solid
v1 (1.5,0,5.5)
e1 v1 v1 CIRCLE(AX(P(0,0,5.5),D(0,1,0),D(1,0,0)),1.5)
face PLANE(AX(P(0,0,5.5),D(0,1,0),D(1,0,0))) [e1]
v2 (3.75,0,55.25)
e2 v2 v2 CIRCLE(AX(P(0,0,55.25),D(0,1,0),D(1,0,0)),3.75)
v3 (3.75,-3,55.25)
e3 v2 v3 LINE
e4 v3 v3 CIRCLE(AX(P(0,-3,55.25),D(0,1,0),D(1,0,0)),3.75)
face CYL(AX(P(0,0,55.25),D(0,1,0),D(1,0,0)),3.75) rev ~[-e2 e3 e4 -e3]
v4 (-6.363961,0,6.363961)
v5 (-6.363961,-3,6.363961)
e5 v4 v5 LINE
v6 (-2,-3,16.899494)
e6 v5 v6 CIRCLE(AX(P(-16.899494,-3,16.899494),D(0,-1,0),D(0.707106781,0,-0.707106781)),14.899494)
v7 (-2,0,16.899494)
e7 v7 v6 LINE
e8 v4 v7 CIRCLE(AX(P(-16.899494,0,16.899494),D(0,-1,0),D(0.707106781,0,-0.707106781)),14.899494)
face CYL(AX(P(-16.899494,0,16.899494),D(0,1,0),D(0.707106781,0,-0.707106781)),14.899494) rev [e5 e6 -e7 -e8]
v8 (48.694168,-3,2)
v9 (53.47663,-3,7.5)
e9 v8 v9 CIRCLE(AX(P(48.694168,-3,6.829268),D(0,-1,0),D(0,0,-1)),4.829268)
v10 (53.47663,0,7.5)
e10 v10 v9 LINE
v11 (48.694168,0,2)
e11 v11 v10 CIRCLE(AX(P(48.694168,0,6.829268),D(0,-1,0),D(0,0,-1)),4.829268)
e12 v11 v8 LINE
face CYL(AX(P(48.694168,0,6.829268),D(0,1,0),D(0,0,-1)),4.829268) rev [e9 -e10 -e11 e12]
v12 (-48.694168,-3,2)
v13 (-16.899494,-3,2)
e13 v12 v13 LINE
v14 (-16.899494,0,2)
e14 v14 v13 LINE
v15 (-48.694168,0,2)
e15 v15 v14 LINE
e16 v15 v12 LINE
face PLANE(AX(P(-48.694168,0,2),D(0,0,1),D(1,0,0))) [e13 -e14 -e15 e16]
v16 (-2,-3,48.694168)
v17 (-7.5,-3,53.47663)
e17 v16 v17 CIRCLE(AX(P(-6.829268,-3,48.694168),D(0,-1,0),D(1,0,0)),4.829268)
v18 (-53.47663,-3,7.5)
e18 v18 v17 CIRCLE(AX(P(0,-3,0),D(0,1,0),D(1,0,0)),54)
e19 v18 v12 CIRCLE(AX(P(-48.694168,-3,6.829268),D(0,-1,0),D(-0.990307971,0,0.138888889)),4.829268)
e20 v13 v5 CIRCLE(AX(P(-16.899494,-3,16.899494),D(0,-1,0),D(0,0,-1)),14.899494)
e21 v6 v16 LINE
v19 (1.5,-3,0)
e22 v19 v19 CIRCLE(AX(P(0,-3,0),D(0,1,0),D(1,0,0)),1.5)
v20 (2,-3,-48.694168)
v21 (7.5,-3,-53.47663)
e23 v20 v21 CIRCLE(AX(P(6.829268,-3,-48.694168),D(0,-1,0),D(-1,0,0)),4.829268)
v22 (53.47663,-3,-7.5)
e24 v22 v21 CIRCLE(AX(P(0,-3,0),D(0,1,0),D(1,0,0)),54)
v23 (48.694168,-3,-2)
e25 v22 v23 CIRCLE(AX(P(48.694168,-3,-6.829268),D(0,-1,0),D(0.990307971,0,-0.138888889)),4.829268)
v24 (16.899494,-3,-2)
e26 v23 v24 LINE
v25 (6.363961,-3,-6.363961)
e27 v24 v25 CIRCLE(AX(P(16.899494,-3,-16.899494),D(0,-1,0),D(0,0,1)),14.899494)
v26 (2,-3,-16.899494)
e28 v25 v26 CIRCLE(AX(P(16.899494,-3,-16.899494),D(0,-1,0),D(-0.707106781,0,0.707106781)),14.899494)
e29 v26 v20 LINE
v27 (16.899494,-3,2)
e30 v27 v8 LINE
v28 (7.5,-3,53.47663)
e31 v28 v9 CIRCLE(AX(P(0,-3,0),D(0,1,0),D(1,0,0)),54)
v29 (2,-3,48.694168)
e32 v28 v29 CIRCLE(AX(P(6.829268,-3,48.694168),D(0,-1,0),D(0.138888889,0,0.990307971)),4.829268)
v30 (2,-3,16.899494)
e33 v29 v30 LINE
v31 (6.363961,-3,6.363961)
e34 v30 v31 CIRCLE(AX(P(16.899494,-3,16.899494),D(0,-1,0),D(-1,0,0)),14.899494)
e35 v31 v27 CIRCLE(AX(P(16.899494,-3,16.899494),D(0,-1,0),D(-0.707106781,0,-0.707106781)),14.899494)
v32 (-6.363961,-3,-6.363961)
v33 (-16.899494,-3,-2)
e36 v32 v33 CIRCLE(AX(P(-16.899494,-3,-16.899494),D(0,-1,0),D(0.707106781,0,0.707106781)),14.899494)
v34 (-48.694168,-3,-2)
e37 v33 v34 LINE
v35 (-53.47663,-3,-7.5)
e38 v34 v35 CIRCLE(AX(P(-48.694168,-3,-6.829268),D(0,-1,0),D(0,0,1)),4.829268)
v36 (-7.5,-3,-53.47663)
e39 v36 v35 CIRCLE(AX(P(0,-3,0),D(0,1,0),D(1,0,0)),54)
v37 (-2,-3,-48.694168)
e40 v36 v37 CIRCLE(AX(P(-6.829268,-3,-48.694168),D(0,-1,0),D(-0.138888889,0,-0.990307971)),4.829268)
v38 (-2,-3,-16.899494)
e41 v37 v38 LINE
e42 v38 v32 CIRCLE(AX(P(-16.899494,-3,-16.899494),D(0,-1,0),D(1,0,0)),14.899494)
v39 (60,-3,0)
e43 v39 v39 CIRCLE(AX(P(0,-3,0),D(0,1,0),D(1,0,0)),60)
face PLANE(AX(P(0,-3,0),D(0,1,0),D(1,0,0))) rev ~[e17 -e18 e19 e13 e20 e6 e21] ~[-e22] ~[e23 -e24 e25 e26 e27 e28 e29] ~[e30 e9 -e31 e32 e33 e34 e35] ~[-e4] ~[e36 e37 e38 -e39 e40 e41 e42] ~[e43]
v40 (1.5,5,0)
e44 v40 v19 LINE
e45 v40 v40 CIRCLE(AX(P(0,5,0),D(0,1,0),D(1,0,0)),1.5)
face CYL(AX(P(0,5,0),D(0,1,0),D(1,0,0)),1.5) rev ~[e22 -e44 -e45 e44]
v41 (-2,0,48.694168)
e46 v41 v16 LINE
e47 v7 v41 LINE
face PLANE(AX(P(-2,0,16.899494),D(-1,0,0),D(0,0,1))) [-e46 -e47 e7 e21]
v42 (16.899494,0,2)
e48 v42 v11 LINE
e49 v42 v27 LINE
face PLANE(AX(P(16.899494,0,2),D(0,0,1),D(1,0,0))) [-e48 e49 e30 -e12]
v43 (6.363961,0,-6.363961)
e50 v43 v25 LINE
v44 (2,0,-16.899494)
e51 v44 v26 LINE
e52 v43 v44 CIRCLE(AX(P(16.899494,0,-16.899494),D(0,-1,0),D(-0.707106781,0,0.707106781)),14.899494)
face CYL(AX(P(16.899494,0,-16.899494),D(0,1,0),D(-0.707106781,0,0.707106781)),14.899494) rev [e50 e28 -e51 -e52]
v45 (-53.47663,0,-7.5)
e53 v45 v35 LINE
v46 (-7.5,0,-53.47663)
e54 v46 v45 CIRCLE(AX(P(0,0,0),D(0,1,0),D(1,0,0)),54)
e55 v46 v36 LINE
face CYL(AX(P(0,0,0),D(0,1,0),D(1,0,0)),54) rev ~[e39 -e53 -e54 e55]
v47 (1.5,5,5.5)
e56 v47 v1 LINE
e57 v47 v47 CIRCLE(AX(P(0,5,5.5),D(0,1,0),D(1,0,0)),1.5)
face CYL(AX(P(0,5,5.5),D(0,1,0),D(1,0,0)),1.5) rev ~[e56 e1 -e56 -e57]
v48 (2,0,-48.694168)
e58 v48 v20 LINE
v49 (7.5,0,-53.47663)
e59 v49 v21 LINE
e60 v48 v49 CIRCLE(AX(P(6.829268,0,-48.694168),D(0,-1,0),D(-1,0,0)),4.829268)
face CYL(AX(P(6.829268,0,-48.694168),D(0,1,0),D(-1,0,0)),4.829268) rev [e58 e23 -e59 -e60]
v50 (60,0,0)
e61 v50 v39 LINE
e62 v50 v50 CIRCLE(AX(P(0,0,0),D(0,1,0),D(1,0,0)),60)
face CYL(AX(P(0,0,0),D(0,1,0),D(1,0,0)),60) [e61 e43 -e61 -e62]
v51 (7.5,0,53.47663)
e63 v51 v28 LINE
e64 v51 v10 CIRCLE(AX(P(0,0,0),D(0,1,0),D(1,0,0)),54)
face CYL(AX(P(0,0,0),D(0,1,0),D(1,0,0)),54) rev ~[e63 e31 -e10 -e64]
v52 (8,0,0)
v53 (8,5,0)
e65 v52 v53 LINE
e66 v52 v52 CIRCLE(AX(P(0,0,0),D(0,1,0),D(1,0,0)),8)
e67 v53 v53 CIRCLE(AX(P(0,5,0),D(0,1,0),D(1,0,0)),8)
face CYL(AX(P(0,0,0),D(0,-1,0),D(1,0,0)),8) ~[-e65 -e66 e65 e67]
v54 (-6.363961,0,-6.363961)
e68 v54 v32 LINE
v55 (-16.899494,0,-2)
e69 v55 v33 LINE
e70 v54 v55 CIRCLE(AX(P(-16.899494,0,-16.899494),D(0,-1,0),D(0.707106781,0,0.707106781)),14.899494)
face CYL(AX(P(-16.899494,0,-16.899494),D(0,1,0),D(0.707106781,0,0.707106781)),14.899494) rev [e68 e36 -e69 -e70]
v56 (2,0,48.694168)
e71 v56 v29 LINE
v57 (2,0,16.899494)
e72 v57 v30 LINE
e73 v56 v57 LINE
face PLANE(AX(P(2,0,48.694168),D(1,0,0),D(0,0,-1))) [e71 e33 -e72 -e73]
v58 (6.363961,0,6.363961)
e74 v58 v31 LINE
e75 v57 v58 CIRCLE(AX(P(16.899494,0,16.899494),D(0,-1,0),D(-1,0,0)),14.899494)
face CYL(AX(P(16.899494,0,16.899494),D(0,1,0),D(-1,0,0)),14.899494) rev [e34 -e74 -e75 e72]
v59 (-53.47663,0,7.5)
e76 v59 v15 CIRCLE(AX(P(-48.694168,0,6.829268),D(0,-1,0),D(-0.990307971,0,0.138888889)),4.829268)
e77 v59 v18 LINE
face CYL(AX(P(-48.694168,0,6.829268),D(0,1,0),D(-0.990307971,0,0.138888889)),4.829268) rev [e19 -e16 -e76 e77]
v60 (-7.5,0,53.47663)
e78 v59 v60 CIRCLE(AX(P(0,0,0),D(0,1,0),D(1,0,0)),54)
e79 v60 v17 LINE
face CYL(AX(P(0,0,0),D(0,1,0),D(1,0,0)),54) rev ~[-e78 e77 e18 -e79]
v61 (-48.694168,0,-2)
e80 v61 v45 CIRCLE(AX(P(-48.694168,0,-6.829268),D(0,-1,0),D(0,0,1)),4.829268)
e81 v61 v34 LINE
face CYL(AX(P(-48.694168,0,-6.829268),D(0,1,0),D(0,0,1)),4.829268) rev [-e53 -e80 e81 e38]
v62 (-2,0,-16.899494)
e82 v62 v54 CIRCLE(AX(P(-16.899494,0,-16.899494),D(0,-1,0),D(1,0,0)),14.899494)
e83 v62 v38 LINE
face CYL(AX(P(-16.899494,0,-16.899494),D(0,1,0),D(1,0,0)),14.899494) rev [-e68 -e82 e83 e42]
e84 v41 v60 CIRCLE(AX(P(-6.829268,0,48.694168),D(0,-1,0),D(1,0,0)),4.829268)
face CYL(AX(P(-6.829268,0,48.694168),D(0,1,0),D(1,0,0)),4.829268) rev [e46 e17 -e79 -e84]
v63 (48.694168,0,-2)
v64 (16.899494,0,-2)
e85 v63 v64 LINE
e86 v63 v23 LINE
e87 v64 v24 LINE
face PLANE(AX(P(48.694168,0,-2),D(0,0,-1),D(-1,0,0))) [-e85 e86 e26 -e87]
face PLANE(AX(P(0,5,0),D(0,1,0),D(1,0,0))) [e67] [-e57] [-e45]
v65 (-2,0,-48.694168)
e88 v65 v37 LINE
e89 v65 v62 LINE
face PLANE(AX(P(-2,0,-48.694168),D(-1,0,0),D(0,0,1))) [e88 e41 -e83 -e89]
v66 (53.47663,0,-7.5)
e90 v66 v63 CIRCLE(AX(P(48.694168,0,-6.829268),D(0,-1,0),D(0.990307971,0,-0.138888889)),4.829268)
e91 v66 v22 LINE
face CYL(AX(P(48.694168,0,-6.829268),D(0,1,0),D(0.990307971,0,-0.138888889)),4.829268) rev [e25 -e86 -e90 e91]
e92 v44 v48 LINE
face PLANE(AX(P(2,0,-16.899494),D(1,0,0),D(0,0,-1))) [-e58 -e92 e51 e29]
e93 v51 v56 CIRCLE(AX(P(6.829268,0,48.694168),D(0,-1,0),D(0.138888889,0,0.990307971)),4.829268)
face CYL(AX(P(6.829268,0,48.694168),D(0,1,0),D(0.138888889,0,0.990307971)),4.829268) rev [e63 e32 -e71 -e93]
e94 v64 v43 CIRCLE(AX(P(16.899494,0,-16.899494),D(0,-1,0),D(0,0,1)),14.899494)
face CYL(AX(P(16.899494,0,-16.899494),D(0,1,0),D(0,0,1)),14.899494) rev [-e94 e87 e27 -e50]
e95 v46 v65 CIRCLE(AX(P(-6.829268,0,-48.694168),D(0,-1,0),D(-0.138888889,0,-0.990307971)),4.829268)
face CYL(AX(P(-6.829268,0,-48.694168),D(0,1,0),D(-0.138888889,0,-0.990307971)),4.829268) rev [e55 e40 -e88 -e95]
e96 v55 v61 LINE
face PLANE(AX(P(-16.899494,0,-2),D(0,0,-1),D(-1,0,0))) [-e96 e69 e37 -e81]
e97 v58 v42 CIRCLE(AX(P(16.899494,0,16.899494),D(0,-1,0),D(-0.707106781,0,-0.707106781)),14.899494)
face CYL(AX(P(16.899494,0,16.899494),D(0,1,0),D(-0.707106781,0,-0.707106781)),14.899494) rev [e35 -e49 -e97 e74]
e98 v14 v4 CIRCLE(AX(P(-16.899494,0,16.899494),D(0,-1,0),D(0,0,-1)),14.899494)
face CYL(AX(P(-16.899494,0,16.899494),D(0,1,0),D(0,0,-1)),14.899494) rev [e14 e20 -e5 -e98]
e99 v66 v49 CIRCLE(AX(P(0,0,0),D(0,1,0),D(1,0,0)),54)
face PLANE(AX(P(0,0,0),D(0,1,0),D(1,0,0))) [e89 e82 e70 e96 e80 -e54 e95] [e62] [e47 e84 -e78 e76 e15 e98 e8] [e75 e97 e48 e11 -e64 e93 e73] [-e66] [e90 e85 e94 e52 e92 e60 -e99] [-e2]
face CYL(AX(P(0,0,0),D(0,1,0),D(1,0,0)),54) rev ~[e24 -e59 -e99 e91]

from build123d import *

# Parameters (mm, degrees)
SKETCH1_R           = 60
SKETCH1_R_2         = 54
SKETCH1_R_3         = 8
BOSS_EXTRUDE1_DEPTH = 3
SKETCH1_3_R         = 8
BOSS_EXTRUDE2_DEPTH = 5
CUT_EXTRUDE1_REACH  = 10
SKETCH2_R           = 1.5
CUT_EXTRUDE2_REACH  = 5
SKETCH3_R           = 3.75
SKETCH4_R           = 1.5
CUT_EXTRUDE3_DEPTH  = 5


with BuildPart() as part:
    # Sketch1 → Boss-Extrude1 (new body)
    with BuildSketch(Plane(origin=(0, 0, 0), x_dir=(1, 0, 0), z_dir=(0, 1, 0))):
        Circle(SKETCH1_R)
        Circle(SKETCH1_R_2, mode=Mode.SUBTRACT)
        with BuildLine():
            ThreePointArc((7.5, -53.47663041), (3.660460389, -52.338407931), (2.000000204, -48.694167705))
            Line((2.000000204, -48.694167705), (2.000000204, -16.899494443))
            ThreePointArc((2.000000204, -16.899494443), (3.134156671, -11.197704847), (6.363961031, -6.363961031))
            ThreePointArc((6.363961031, -6.363961031), (11.197704847, -3.134156671), (16.899494443, -2.000000204))
            Line((16.899494443, -2.000000204), (48.694167705, -2.000000204))
            ThreePointArc((48.694167705, -2.000000204), (52.338407931, -3.660460389), (53.47663041, -7.5))
            ThreePointArc((53.47663041, -7.5), (53.868998701, -3.759119436), (54, 0))
            ThreePointArc((54, 0), (53.868998701, 3.759119436), (53.47663041, 7.5))
            ThreePointArc((53.47663041, 7.5), (52.338407931, 3.660460389), (48.694167705, 2.000000204))
            Line((48.694167705, 2.000000204), (16.899494443, 2.000000204))
            ThreePointArc((16.899494443, 2.000000204), (11.197704847, 3.134156671), (6.363961031, 6.363961031))
            ThreePointArc((6.363961031, 6.363961031), (3.134156671, 11.197704847), (2.000000204, 16.899494443))
            Line((2.000000204, 16.899494443), (2.000000204, 48.694167705))
            ThreePointArc((2.000000204, 48.694167705), (3.660460389, 52.338407931), (7.5, 53.47663041))
            ThreePointArc((7.5, 53.47663041), (0, 54), (-7.5, 53.47663041))
            ThreePointArc((-7.5, 53.47663041), (-3.660460389, 52.338407931), (-2.000000204, 48.694167705))
            Line((-2.000000204, 48.694167705), (-2.000000204, 16.899494443))
            ThreePointArc((-2.000000204, 16.899494443), (-3.134156671, 11.197704847), (-6.363961031, 6.363961031))
            ThreePointArc((-6.363961031, 6.363961031), (-11.197704847, 3.134156671), (-16.899494443, 2.000000204))
            Line((-16.899494443, 2.000000204), (-48.694167705, 2.000000204))
            ThreePointArc((-48.694167705, 2.000000204), (-52.338407931, 3.660460389), (-53.47663041, 7.5))
            ThreePointArc((-53.47663041, 7.5), (-54, 0), (-53.47663041, -7.5))
            ThreePointArc((-53.47663041, -7.5), (-52.338407931, -3.660460389), (-48.694167705, -2.000000204))
            Line((-48.694167705, -2.000000204), (-16.899494443, -2.000000204))
            ThreePointArc((-16.899494443, -2.000000204), (-11.197704847, -3.134156671), (-6.363961031, -6.363961031))
            ThreePointArc((-6.363961031, -6.363961031), (-3.134156671, -11.197704847), (-2.000000204, -16.899494443))
            Line((-2.000000204, -16.899494443), (-2.000000204, -48.694167705))
            ThreePointArc((-2.000000204, -48.694167705), (-3.660460389, -52.338407931), (-7.5, -53.47663041))
            ThreePointArc((-7.5, -53.47663041), (0, -54), (7.5, -53.47663041))
        make_face()
        Circle(SKETCH1_R_3, mode=Mode.SUBTRACT)
        Circle(SKETCH1_R_3)
    extrude(amount=-BOSS_EXTRUDE1_DEPTH)

    # Sketch1_3 → Boss-Extrude2 (add)
    with BuildSketch(Plane(origin=(0, 0, 0), x_dir=(1, 0, 0), z_dir=(0, 1, 0))):
        Circle(SKETCH1_3_R)
    extrude(amount=BOSS_EXTRUDE2_DEPTH)

    # Sketch2 → Cut-Extrude1 (cut, up to next)
    with BuildSketch(Plane(origin=(0, 5, 0), x_dir=(1, 0, 0), z_dir=(0, 1, 0)), mode=Mode.PRIVATE) as cut_extrude1_sk1:
        Circle(SKETCH2_R)
    cut_extrude1_tool1 = extrude(cut_extrude1_sk1.sketch, amount=-CUT_EXTRUDE1_REACH, mode=Mode.PRIVATE) & part.part
    add(cut_extrude1_tool1.solids().sort_by_distance((0, 5, 0))[0], mode=Mode.SUBTRACT)

    # Sketch3 → Cut-Extrude2 (cut, up to next)
    with BuildSketch(Plane(origin=(0, 0, 0), x_dir=(1, 0, 0), z_dir=(0, 1, 0)), mode=Mode.PRIVATE) as cut_extrude2_sk1:
        with Locations((0, -55.25)):
            Circle(SKETCH3_R)
    cut_extrude2_tool1 = extrude(cut_extrude2_sk1.sketch, amount=-CUT_EXTRUDE2_REACH, mode=Mode.PRIVATE) & part.part
    add(cut_extrude2_tool1.solids().sort_by_distance((0, 0, 55.25))[0], mode=Mode.SUBTRACT)

    # Sketch4 → Cut-Extrude3 (cut)
    with BuildSketch(Plane(origin=(0, 5, 0), x_dir=(1, 0, 0), z_dir=(0, 1, 0))):
        with Locations((0, -5.5)):
            Circle(SKETCH4_R)
    extrude(amount=-CUT_EXTRUDE3_DEPTH, mode=Mode.SUBTRACT)


solid = part.part
